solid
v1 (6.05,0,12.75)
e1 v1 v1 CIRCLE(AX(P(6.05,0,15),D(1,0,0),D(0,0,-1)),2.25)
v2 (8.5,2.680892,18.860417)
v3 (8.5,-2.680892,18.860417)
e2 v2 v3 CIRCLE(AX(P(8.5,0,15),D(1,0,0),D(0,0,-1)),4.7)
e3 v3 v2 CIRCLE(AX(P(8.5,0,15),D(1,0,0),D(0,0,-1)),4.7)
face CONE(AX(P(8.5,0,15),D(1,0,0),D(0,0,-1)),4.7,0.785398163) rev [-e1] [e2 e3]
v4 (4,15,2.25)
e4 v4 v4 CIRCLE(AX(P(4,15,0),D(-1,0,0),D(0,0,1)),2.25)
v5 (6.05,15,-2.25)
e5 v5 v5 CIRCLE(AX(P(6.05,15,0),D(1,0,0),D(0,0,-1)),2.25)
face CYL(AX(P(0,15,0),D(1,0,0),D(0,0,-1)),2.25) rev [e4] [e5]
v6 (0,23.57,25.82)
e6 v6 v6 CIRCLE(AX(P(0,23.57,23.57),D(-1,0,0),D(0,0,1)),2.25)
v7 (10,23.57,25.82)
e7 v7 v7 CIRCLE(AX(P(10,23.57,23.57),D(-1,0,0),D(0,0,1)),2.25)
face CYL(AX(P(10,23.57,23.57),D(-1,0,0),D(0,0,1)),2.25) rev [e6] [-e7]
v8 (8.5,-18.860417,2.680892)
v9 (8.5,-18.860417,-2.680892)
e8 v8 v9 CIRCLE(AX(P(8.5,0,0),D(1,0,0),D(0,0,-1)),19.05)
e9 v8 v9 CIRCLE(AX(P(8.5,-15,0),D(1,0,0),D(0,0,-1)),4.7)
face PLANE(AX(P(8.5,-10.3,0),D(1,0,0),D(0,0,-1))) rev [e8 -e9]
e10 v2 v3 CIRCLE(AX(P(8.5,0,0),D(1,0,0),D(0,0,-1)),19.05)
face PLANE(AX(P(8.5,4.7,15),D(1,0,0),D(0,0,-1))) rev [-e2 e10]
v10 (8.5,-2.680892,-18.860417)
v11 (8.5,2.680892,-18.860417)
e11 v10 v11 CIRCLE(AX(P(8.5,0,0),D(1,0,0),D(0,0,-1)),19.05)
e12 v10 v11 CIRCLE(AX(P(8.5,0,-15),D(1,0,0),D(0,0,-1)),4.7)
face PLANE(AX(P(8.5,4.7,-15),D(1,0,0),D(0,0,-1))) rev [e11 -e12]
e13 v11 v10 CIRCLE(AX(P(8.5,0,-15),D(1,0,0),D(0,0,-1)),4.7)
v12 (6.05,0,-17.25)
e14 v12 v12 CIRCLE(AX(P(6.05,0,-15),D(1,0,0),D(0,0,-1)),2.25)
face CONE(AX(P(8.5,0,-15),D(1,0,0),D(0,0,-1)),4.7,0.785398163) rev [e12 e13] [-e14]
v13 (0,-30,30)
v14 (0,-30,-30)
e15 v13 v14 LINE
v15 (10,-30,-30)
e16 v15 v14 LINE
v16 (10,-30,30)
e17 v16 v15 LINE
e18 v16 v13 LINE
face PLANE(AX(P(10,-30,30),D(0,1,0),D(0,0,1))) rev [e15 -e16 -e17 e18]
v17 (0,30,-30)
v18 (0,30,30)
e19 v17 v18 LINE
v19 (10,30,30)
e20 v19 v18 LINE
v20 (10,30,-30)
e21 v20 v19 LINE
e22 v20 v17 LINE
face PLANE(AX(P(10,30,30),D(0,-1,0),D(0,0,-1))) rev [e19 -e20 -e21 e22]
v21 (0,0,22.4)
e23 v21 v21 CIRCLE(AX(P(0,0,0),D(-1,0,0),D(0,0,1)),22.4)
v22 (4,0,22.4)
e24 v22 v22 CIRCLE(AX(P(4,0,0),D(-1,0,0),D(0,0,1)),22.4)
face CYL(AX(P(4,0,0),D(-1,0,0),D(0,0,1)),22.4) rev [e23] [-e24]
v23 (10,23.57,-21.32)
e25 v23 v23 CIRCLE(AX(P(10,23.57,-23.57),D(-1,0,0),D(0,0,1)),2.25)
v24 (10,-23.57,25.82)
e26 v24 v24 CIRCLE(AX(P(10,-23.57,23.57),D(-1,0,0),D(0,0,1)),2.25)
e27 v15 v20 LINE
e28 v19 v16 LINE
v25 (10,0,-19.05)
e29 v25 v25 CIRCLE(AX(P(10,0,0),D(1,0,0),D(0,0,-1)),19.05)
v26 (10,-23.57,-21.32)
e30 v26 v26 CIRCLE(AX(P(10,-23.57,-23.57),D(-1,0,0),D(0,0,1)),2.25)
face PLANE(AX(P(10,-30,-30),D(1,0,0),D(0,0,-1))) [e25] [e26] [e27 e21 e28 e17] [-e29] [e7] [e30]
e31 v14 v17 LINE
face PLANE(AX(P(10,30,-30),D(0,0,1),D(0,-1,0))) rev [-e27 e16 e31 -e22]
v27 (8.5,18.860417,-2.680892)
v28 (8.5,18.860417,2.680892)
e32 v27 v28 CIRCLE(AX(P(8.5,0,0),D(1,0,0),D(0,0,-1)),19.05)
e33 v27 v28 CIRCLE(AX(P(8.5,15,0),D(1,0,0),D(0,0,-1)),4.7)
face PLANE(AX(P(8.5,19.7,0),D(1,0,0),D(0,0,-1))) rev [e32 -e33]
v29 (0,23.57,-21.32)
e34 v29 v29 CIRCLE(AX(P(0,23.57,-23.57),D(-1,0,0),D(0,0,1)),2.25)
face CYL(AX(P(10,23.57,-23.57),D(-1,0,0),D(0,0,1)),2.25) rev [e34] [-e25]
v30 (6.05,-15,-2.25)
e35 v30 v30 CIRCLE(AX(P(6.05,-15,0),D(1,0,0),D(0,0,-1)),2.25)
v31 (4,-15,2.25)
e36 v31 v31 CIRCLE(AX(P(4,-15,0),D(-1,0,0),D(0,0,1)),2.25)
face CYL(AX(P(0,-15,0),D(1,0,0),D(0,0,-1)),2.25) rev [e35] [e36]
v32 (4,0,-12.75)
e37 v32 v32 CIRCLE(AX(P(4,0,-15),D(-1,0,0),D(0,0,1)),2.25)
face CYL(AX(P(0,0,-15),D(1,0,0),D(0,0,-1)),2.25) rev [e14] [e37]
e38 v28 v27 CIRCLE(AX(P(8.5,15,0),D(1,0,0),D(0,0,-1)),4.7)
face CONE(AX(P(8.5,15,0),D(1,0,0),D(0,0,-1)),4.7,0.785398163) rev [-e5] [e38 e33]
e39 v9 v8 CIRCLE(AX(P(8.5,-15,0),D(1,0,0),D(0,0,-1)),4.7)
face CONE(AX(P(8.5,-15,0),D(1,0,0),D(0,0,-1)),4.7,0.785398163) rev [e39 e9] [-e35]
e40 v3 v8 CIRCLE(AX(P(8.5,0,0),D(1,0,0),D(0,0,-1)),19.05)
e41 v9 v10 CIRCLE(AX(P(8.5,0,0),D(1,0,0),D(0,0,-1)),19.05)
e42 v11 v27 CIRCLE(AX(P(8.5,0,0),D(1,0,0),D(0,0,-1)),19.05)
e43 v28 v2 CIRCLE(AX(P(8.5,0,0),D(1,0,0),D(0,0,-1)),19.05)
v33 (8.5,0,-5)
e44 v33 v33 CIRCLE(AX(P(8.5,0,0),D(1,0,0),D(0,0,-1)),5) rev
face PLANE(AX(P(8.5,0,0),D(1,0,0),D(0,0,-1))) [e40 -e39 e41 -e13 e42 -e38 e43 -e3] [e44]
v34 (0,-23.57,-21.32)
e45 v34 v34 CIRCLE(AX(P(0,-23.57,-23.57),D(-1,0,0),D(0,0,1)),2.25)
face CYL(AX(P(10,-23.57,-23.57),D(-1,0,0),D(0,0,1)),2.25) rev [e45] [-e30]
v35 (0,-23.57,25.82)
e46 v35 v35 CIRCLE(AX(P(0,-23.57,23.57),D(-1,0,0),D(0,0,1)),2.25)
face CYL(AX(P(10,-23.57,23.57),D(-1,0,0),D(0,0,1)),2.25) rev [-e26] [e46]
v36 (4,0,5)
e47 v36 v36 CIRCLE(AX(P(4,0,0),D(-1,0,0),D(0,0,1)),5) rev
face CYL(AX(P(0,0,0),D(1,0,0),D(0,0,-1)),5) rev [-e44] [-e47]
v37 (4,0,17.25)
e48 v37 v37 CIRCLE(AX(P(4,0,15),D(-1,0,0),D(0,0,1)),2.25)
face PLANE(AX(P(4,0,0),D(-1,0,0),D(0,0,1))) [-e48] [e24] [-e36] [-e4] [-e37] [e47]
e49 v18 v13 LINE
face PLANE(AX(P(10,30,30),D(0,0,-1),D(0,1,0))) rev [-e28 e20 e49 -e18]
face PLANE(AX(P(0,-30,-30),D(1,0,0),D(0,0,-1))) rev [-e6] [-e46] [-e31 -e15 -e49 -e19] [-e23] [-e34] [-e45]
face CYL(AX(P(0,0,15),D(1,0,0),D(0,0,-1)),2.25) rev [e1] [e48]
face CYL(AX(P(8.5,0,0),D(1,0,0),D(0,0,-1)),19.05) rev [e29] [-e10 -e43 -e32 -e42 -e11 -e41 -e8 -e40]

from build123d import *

# Parameters (mm, degrees)
SKETCH1_W                                      = 60
SKETCH1_H                                      = 60
EXTRUDE1_DEPTH                                 = 10
SKETCH3_R                                      = 5
EXTRUDE2_DEPTH                                 = 44.588989435
SKETCH5_R                                      = 19.05
EXTRUDE3_DEPTH                                 = 1.5
SKETCH6_R                                      = 22.4
EXTRUDE4_DEPTH                                 = 4
SKETCH7_R                                      = 2.25
EXTRUDE6_DEPTH                                 = 44.588989435
SKETCH8_R                                      = 2.25
EXTRUDE7_DEPTH                                 = 44.269504273
CSK_FOR_M4_FLAT_HEAD_MACHINE_SCREW1_AT_2_COUNT = 2
CSK_FOR_M4_FLAT_HEAD_MACHINE_SCREW1_AT_2_PITCH = 21.213203436
CSK_FOR_M4_FLAT_HEAD_MACHINE_SCREW1_AT_3_COUNT = 2
CSK_FOR_M4_FLAT_HEAD_MACHINE_SCREW1_AT_3_PITCH = 30
CSK_FOR_M4_FLAT_HEAD_MACHINE_SCREW1_AT_4_COUNT = 2
CSK_FOR_M4_FLAT_HEAD_MACHINE_SCREW1_AT_4_PITCH = 21.213203436


with BuildPart() as part:
    # Sketch1 → Extrude1 (new body)
    with BuildSketch(Plane(origin=(0, 0, 0), x_dir=(0, 0, -1), z_dir=(1, 0, 0))):
        Rectangle(SKETCH1_W, SKETCH1_H)
    extrude(amount=EXTRUDE1_DEPTH)

    # Sketch3 → Extrude2 (cut, through all)
    with BuildSketch(Plane(origin=(10, 0, 0), x_dir=(0, 0, -1), z_dir=(1, 0, 0))):
        Circle(SKETCH3_R)
    extrude(amount=-EXTRUDE2_DEPTH, mode=Mode.SUBTRACT)

    # Sketch5 → Extrude3 (cut)
    with BuildSketch(Plane(origin=(10, 0, 0), x_dir=(0, 0, -1), z_dir=(1, 0, 0))):
        Circle(SKETCH5_R)
    extrude(amount=-EXTRUDE3_DEPTH, mode=Mode.SUBTRACT)

    # Sketch6 → Extrude4 (cut)
    with BuildSketch(Plane.ZY):
        Circle(SKETCH6_R)
    extrude(amount=-EXTRUDE4_DEPTH, mode=Mode.SUBTRACT)

    # Sketch7 → Extrude6 (cut, through all)
    with BuildSketch(Plane.ZY):
        with Locations((23.57, 23.57)):
            Circle(SKETCH7_R)
        with Locations((-23.57, 23.57)):
            Circle(SKETCH7_R)
        with Locations((23.57, -23.57)):
            Circle(SKETCH7_R)
        with Locations((-23.57, -23.57)):
            Circle(SKETCH7_R)
    extrude(amount=-EXTRUDE6_DEPTH, mode=Mode.SUBTRACT)

    # Sketch8 → Extrude7 (cut, through all)
    with BuildSketch(Plane(origin=(8.5, 0, 0), x_dir=(0, 0, -1), z_dir=(1, 0, 0))):
        with Locations((0, 15)):
            Circle(SKETCH8_R)
        with Locations((-15, 0)):
            Circle(SKETCH8_R)
        with Locations((0, -15)):
            Circle(SKETCH8_R)
        with Locations((15, 0)):
            Circle(SKETCH8_R)
    extrude(amount=-EXTRUDE7_DEPTH, mode=Mode.SUBTRACT)

    # Sketch9 → CSK for M4 Flat Head Machine Screw1 (revolve, cut)
    with BuildSketch(Plane(origin=(8.5, 15, 0), x_dir=(0, 0, -1), z_dir=(0, 1, 0))):
        Polygon((0, 0), (0, 8.5), (2.25, 8.5), (2.25, 2.45), (4.7, 0), align=None)
    csk_for_m4_flat_head_machine_screw1 = revolve(axis=Axis((14.85, 15, 0), (-1, 0, 0)), mode=Mode.SUBTRACT)

    # CSK for M4 Flat Head Machine Screw1 at 2: CSK for M4 Flat Head Machine Screw1 ×2
    with Locations(*[Vector(0, -0.7071067811865476, 0.7071067811865476) * (i * CSK_FOR_M4_FLAT_HEAD_MACHINE_SCREW1_AT_2_PITCH) for i in range(1, CSK_FOR_M4_FLAT_HEAD_MACHINE_SCREW1_AT_2_COUNT)]):
        add(csk_for_m4_flat_head_machine_screw1, mode=Mode.SUBTRACT)

    # CSK for M4 Flat Head Machine Screw1 at 3: CSK for M4 Flat Head Machine Screw1 ×2
    with Locations(*[(0, -i * CSK_FOR_M4_FLAT_HEAD_MACHINE_SCREW1_AT_3_PITCH, 0) for i in range(1, CSK_FOR_M4_FLAT_HEAD_MACHINE_SCREW1_AT_3_COUNT)]):
        add(csk_for_m4_flat_head_machine_screw1, mode=Mode.SUBTRACT)

    # CSK for M4 Flat Head Machine Screw1 at 4: CSK for M4 Flat Head Machine Screw1 ×2
    with Locations(*[Vector(0, -0.7071067811865476, -0.7071067811865476) * (i * CSK_FOR_M4_FLAT_HEAD_MACHINE_SCREW1_AT_4_PITCH) for i in range(1, CSK_FOR_M4_FLAT_HEAD_MACHINE_SCREW1_AT_4_COUNT)]):
        add(csk_for_m4_flat_head_machine_screw1, mode=Mode.SUBTRACT)


solid = part.part
